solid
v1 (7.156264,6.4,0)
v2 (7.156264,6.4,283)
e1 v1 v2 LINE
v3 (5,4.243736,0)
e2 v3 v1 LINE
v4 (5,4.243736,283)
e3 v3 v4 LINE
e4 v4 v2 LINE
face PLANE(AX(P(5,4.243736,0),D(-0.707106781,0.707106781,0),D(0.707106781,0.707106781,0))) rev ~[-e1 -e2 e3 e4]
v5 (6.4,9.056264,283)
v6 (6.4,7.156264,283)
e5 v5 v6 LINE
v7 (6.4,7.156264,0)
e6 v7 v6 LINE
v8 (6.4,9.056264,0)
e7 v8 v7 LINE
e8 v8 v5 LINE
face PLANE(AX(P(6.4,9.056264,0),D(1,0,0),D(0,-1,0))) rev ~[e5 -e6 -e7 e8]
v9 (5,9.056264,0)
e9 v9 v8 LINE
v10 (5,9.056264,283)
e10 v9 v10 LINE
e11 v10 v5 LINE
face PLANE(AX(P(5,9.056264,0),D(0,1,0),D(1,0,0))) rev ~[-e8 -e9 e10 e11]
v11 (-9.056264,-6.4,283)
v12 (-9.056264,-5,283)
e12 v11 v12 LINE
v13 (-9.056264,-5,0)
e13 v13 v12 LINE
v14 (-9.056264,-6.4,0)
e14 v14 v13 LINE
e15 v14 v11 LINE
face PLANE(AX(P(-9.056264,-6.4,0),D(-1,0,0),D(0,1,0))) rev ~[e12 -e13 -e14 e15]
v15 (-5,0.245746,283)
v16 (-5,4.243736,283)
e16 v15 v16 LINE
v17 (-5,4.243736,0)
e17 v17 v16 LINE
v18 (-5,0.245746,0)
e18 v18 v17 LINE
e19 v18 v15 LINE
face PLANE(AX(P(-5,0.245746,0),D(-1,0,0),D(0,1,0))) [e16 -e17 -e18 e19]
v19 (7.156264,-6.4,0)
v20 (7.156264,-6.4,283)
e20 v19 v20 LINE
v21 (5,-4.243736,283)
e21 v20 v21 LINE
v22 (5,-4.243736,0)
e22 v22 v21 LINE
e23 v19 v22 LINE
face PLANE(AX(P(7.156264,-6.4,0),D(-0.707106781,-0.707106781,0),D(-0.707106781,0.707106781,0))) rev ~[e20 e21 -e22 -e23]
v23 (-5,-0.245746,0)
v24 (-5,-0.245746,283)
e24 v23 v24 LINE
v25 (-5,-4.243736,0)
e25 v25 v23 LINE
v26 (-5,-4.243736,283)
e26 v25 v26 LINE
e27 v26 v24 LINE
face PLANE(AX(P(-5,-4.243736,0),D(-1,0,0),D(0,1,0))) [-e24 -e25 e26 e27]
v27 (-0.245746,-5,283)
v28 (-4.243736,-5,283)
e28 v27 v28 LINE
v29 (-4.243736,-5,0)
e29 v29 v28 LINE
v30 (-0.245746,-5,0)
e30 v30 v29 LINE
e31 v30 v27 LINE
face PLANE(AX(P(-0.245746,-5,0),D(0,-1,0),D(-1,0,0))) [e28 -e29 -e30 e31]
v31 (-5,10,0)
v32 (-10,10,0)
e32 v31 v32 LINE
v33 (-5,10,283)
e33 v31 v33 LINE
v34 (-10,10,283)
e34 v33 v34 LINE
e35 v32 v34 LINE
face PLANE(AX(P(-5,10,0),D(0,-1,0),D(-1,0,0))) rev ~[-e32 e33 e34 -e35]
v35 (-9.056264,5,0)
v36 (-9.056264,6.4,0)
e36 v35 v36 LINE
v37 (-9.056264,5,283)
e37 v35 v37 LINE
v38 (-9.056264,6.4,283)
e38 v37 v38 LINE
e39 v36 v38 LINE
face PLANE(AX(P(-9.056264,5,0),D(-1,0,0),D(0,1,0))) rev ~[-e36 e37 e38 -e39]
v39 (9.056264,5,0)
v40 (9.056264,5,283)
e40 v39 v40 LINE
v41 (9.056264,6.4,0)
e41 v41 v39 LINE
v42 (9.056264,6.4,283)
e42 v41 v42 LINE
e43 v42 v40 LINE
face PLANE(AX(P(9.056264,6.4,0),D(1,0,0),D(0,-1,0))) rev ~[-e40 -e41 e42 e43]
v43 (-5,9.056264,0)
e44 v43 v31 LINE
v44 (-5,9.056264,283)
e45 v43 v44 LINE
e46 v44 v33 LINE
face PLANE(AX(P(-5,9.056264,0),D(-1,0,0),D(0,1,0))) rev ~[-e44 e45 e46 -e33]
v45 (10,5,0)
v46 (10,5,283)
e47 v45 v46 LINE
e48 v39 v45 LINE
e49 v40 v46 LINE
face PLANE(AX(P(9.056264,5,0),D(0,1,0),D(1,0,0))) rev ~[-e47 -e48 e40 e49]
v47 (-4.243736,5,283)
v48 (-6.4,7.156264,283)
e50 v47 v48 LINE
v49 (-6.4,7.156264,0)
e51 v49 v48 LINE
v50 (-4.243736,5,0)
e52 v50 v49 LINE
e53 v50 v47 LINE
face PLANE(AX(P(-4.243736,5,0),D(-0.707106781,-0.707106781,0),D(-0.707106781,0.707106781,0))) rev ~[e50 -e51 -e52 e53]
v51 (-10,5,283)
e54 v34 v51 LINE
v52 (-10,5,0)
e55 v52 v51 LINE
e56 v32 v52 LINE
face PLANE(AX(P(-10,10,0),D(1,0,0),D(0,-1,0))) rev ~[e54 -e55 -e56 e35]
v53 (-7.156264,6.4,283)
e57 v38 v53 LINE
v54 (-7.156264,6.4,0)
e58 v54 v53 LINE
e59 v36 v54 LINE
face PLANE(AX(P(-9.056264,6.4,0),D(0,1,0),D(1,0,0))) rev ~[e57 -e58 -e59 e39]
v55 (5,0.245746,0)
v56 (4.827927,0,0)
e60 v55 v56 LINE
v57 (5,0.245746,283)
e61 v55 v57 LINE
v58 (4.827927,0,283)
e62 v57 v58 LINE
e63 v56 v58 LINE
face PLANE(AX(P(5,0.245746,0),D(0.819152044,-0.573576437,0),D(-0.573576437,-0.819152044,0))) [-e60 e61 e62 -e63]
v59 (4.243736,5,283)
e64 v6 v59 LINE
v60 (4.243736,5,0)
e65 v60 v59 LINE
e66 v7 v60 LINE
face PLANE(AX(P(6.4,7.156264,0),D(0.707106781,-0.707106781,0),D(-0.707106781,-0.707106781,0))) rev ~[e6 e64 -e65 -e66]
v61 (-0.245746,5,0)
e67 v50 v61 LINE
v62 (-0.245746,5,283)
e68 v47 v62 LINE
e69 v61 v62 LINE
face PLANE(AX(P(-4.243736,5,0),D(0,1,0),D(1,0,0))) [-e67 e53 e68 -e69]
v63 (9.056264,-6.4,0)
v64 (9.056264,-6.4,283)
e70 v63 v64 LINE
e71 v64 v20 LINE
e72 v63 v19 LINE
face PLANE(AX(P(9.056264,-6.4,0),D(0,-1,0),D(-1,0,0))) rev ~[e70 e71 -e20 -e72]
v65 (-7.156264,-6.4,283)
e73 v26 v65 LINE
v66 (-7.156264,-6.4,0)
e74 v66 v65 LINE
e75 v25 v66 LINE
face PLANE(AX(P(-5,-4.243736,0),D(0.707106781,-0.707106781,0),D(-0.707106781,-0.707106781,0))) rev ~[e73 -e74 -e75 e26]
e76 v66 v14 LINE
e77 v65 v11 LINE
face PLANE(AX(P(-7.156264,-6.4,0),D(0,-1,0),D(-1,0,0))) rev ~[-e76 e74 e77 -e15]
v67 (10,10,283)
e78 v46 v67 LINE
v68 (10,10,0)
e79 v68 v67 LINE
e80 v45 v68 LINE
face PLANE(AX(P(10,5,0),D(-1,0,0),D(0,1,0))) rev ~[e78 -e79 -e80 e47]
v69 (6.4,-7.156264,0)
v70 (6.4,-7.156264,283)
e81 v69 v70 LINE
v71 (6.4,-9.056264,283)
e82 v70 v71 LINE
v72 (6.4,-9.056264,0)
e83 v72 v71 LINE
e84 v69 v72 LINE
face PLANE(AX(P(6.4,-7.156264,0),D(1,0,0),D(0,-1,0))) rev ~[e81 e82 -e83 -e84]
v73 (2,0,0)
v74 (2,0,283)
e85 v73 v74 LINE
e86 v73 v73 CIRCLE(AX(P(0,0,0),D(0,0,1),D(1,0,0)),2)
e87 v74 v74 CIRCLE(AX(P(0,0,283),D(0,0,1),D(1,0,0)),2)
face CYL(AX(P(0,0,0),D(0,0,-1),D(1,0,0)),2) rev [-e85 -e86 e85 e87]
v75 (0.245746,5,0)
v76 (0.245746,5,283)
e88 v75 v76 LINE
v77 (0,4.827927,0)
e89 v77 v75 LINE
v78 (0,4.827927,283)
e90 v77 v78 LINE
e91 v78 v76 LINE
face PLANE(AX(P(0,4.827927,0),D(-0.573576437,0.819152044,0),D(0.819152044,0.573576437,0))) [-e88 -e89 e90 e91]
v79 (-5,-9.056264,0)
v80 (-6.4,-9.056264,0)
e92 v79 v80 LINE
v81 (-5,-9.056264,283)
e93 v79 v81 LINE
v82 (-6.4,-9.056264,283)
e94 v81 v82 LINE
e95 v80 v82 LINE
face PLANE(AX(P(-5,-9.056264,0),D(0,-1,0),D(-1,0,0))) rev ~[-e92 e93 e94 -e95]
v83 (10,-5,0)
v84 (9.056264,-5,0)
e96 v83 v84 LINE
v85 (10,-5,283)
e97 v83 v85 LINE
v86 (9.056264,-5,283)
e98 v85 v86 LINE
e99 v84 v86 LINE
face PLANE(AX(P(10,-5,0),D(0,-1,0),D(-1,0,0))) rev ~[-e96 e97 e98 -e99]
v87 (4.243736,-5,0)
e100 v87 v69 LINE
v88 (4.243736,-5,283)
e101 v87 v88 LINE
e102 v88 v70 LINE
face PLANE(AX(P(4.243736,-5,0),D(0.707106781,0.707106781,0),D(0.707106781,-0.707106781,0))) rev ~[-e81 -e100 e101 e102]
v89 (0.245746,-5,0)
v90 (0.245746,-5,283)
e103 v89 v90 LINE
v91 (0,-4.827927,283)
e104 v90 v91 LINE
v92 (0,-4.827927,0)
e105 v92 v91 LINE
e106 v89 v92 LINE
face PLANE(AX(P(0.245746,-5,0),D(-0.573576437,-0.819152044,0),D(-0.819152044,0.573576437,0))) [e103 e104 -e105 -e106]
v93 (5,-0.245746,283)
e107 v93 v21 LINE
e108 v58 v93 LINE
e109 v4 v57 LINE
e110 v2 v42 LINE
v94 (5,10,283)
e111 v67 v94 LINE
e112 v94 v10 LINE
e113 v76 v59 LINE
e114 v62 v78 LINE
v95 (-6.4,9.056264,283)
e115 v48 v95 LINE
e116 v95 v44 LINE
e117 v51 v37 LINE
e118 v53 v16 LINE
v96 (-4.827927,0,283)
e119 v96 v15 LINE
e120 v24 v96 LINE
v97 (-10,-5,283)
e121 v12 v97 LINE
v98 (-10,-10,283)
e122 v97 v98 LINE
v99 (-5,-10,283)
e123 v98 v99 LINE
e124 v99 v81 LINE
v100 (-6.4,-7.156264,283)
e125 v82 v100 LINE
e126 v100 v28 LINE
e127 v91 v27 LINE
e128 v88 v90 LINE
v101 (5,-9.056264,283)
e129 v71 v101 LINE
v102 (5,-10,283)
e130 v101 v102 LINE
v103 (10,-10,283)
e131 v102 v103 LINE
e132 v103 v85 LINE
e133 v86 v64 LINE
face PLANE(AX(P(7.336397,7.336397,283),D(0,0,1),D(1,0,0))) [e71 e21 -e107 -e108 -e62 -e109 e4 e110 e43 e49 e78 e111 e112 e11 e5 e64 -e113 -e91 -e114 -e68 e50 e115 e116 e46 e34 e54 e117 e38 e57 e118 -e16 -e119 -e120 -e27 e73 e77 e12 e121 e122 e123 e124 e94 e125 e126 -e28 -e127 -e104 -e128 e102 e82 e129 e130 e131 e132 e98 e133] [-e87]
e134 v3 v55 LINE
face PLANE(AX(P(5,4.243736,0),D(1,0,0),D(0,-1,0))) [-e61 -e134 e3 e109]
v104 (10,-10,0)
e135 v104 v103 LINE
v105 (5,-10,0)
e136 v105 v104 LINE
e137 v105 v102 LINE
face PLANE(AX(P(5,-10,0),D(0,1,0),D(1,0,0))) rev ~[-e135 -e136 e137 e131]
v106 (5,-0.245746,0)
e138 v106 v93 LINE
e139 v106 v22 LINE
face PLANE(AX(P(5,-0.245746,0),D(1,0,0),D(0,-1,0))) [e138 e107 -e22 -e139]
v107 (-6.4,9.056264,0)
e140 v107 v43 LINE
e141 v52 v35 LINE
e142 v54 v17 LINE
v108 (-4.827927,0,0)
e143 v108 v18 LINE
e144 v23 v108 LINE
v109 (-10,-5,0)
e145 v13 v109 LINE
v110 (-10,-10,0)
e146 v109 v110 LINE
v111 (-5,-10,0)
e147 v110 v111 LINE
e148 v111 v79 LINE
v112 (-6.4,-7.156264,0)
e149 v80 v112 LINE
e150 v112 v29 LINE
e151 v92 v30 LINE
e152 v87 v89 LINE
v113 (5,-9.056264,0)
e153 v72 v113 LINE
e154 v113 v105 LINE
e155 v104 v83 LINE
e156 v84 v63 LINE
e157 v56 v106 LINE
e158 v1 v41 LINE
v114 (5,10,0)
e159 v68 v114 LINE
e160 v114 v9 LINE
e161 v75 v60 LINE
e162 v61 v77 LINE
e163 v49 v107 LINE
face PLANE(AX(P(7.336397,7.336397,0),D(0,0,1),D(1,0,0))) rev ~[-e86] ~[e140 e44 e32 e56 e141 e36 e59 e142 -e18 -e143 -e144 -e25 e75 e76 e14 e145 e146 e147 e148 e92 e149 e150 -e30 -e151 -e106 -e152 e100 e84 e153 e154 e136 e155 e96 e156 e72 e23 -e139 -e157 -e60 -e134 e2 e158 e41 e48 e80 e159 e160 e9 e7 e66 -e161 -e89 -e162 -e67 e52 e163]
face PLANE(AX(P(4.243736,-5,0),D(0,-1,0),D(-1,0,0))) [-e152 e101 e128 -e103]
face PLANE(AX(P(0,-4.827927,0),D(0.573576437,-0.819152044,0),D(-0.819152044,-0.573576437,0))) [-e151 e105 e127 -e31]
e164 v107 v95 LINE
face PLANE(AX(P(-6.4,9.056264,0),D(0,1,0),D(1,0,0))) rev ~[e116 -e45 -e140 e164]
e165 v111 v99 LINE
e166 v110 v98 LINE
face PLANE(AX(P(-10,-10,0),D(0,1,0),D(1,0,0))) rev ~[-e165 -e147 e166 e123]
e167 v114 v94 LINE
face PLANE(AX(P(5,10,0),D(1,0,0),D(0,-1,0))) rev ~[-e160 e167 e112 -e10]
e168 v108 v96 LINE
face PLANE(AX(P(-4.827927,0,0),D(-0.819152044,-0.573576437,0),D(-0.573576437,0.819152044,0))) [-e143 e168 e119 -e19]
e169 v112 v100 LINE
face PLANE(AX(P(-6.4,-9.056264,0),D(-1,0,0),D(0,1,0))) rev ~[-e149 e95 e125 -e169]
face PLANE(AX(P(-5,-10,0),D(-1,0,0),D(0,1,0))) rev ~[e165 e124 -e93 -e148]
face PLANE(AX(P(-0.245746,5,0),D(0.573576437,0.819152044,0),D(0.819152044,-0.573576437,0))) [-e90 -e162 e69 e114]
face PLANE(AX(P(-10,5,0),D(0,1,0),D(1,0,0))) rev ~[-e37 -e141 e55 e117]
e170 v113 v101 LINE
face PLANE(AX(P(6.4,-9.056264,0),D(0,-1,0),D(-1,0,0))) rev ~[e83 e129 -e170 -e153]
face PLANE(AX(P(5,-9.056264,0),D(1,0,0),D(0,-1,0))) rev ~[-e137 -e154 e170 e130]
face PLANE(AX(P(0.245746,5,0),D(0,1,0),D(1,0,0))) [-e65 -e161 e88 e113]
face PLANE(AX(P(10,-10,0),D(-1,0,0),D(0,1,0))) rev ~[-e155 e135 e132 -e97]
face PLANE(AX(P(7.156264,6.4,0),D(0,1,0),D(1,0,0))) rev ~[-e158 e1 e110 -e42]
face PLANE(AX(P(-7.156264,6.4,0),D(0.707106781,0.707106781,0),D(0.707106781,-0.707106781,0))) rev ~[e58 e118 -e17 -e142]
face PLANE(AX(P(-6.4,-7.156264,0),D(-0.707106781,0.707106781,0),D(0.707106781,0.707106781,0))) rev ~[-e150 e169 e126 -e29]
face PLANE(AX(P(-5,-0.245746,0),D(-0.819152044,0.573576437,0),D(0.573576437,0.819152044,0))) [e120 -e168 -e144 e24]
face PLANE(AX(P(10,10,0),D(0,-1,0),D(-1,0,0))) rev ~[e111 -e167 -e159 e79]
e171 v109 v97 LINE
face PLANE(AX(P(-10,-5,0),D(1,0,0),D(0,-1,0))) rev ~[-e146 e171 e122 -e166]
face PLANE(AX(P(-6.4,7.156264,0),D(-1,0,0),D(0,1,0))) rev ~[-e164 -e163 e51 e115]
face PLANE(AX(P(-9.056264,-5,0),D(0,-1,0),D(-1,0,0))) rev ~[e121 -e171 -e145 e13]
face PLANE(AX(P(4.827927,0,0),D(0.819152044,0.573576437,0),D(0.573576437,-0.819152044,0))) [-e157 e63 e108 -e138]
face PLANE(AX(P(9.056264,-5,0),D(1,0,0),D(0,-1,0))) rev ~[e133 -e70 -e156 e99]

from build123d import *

# Parameters (mm, degrees)
SKETCH1_R           = 2
BOSS_EXTRUDE1_DEPTH = 283


with BuildPart() as part:
    # Sketch1 → Boss-Extrude1 (new body)
    with BuildSketch(Plane.XY):
        Polygon((6.4, 7.156263811), (4.243736189, 5), (5, 5), (5, 4.243736189), (7.156263811, 6.4), (9.056263811, 6.4), (9.056263811, 5), (10, 5), (10, 10), (5, 10), (5, 9.056263811), (6.4, 9.056263811), align=None)
        Polygon((-5, 0.245745613), (-5, 5), (-0.245745613, 5), (0, 4.827927069), (0.245745613, 5), (5, 5), (5, 0.245745613), (4.827927069, 0), (5, -0.245745613), (5, -5), (0.245745613, -5), (0, -4.827927069), (-0.245745613, -5), (-5, -5), (-5, -0.245745613), (-4.827927069, 0), align=None)
        Circle(SKETCH1_R, mode=Mode.SUBTRACT)
        Polygon((-10, 10), (-10, 5), (-9.056263811, 5), (-9.056263811, 6.4), (-7.156263811, 6.4), (-5, 4.243736189), (-5, 5), (-4.243736189, 5), (-6.4, 7.156263811), (-6.4, 9.056263811), (-5, 9.056263811), (-5, 10), align=None)
        Polygon((-5, -5), (-5, -4.243736189), (-7.156263811, -6.4), (-9.056263811, -6.4), (-9.056263811, -5), (-10, -5), (-10, -10), (-5, -10), (-5, -9.056263811), (-6.4, -9.056263811), (-6.4, -7.156263811), (-4.243736189, -5), align=None)
        Polygon((5, -5), (4.243736189, -5), (6.4, -7.156263811), (6.4, -9.056263811), (5, -9.056263811), (5, -10), (10, -10), (10, -5), (9.056263811, -5), (9.056263811, -6.4), (7.156263811, -6.4), (5, -4.243736189), align=None)
    extrude(amount=BOSS_EXTRUDE1_DEPTH)


solid = part.part
